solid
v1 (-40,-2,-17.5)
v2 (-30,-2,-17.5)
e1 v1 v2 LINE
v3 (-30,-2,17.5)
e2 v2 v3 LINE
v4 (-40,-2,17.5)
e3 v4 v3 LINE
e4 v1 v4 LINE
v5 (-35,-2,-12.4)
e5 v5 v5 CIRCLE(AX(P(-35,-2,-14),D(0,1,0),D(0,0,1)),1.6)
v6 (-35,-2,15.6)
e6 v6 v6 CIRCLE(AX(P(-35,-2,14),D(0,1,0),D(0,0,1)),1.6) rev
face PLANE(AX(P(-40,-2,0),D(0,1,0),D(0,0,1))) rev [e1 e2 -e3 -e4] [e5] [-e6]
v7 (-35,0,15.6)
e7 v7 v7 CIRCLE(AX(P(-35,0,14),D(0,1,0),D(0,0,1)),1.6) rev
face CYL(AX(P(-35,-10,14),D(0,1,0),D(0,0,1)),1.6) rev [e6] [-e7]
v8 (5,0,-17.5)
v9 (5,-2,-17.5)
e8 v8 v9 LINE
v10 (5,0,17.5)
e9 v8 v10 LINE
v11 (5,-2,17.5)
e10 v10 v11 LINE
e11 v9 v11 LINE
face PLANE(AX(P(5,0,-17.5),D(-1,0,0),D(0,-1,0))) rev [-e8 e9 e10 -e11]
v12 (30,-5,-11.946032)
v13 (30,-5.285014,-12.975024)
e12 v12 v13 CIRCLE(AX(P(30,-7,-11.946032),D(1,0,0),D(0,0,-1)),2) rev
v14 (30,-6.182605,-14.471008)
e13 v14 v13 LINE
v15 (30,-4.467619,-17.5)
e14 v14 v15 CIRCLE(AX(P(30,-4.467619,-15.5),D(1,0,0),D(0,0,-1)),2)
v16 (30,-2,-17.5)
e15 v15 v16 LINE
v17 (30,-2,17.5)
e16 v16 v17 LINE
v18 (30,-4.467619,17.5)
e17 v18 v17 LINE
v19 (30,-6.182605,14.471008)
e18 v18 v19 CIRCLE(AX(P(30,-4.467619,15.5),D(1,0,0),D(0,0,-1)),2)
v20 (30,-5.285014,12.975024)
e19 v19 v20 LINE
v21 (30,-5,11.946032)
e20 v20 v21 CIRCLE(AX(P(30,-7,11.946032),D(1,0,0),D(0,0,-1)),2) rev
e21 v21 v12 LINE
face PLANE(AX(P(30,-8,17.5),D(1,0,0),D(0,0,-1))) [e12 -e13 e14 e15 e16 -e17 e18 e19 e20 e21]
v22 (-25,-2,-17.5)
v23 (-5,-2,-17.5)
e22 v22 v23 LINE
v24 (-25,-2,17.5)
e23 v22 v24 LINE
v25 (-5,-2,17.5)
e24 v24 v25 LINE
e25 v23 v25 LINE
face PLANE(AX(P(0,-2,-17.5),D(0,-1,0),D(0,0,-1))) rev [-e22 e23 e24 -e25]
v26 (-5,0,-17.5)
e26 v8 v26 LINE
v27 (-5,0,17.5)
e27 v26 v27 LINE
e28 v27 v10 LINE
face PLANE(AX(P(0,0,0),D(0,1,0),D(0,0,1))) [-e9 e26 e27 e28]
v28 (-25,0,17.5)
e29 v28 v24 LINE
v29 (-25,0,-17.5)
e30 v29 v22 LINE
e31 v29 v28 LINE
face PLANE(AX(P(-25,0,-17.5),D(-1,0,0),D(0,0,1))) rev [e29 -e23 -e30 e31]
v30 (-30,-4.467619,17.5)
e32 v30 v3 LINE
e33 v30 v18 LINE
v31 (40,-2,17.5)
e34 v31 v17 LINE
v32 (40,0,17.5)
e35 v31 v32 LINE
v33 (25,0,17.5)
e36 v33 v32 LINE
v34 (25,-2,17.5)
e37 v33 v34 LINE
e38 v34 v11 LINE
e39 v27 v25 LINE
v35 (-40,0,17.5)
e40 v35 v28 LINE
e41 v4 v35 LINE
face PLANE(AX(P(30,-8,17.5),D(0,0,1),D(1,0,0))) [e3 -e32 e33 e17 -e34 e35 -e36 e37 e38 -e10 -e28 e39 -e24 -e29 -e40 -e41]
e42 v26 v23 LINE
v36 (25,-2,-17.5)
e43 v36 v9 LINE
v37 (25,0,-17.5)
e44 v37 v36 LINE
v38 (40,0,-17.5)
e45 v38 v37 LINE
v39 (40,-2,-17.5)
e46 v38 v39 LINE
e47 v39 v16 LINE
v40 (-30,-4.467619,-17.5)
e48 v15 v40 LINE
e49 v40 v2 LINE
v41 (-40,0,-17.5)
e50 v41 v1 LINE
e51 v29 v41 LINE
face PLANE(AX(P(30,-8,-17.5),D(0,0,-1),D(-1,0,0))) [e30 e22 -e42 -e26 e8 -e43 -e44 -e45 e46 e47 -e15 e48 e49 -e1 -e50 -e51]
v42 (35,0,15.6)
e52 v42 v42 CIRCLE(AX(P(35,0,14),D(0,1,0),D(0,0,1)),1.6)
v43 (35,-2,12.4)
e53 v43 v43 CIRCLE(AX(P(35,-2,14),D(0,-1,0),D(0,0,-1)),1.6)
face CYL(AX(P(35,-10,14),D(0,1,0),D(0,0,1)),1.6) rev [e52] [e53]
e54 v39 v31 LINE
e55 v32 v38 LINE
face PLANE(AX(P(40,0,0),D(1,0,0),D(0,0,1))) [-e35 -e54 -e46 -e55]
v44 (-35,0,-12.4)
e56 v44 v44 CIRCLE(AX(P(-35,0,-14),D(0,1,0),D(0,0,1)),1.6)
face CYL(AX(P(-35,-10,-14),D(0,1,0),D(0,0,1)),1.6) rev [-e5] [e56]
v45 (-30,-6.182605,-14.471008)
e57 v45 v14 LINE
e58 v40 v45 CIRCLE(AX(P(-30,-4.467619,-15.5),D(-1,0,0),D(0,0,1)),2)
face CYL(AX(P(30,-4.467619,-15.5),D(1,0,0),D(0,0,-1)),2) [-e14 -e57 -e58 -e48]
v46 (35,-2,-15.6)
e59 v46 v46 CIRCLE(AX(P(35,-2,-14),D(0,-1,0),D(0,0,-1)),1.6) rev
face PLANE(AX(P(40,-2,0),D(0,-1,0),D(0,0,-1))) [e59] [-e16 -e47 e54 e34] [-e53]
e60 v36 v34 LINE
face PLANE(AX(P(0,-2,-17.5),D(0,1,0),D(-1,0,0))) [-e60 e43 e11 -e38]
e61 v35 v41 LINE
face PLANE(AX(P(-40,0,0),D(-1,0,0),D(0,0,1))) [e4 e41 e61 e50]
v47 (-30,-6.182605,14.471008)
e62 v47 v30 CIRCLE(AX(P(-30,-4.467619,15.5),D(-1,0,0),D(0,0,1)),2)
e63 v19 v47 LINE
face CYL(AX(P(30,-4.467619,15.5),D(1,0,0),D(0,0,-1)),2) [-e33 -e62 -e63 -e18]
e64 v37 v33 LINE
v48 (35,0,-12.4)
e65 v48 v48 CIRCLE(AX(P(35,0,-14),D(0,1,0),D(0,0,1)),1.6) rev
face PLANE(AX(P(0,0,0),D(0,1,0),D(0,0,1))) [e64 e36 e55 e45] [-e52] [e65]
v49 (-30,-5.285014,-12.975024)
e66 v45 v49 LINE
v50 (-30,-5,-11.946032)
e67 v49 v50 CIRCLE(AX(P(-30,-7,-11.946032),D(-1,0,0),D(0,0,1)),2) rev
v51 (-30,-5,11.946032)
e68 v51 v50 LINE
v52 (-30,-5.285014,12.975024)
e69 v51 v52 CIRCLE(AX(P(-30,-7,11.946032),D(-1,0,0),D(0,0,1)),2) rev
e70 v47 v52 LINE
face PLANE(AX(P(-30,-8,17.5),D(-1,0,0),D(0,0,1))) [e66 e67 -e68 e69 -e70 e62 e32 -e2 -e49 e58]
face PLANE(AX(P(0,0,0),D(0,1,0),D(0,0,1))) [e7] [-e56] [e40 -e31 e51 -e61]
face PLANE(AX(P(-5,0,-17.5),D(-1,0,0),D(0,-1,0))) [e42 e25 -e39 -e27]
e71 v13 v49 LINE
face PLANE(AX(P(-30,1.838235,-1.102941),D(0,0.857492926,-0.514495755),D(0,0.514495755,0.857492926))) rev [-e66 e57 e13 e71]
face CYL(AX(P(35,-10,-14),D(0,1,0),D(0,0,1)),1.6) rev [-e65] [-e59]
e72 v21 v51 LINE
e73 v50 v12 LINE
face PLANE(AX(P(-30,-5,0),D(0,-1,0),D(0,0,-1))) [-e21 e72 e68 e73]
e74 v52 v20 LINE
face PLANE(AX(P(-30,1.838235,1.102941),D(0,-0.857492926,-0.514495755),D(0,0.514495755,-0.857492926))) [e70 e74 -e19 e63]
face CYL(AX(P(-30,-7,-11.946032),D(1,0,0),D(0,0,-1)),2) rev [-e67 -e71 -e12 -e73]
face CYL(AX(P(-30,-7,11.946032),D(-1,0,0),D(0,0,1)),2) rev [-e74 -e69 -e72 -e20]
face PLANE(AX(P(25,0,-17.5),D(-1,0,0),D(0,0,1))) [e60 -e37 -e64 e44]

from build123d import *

# Parameters (mm, degrees)
SKETCH1_W               = 60
SKETCH1_H               = 35
BOSS_EXTRUDE1_DEPTH     = 8
CUT_EXTRUDE1_DEPTH      = 1
CUT_EXTRUDE1_DEPTH_BACK = 61
FILLET1_R               = 2
SKETCH3_W               = 20
SKETCH3_H               = 2
CUT_EXTRUDE2_DEPTH      = 36
SKETCH5_W               = 35
SKETCH5_H               = 2
BOSS_EXTRUDE2_DEPTH     = 10
SKETCH6_R               = 1.6
CUT_EXTRUDE3_DEPTH      = 10


with BuildPart() as part:
    # Sketch1 → Boss-Extrude1 (new body)
    with BuildSketch(Plane(origin=(0, 0, 0), x_dir=(1, 0, 0), z_dir=(0, 1, 0))):
        Rectangle(SKETCH1_W, SKETCH1_H)
    extrude(amount=-BOSS_EXTRUDE1_DEPTH)

    # Sketch2 → Cut-Extrude1 (cut, two sides)
    with BuildSketch(Plane(origin=(30, 0, 0), x_dir=(0, 0, -1), z_dir=(1, 0, 0))) as cut_extrude1_sk:
        Polygon((-12.5, -5), (-17.5, -8), (0, -8), (0, -5), align=None)
        Polygon((0, -5), (0, -8), (17.5, -8), (12.5, -5), align=None)
    extrude(amount=CUT_EXTRUDE1_DEPTH, mode=Mode.SUBTRACT)
    extrude(cut_extrude1_sk.sketch, amount=-CUT_EXTRUDE1_DEPTH_BACK, mode=Mode.SUBTRACT)

    # Fillet1
    fillet1_edges = [part.edges().sort_by_distance(p)[0] for p in [
        (0, -8, -17.5),
        (0, -5, 12.5),
        (0, -5, -12.5),
        (0, -8, 17.5),
    ]]
    fillet(fillet1_edges, radius=FILLET1_R)

    # Sketch3 → Cut-Extrude2 (cut, through all)
    with BuildSketch(Plane.XY.offset(17.5)):
        with Locations((-15, -1)):
            Rectangle(SKETCH3_W, SKETCH3_H)
        with Locations((15, -1)):
            Rectangle(SKETCH3_W, SKETCH3_H)
    extrude(amount=-CUT_EXTRUDE2_DEPTH, mode=Mode.SUBTRACT)

    # Sketch5 → Boss-Extrude2 (add)
    with BuildSketch(Plane.ZY.offset(30)):
        with Locations((0, -1)):
            Rectangle(SKETCH5_W, SKETCH5_H)
    boss_extrude2 = extrude(amount=BOSS_EXTRUDE2_DEPTH)

    # Mirror1: Boss-Extrude2 across plane
    add(boss_extrude2.mirror(Plane(origin=(0, 0, 0), x_dir=(0, 0, 1), z_dir=(1, 0, 0))))

    # Sketch6 → Cut-Extrude3 (cut)
    with BuildSketch(Plane(origin=(0, 0, 0), x_dir=(1, 0, 0), z_dir=(0, 1, 0))):
        with Locations((-35, 14)):
            Circle(SKETCH6_R)
        with Locations((35, 14)):
            Circle(SKETCH6_R)
        with Locations((35, -14)):
            Circle(SKETCH6_R)
        with Locations((-35, -14)):
            Circle(SKETCH6_R)
    extrude(amount=-CUT_EXTRUDE3_DEPTH, mode=Mode.SUBTRACT)


solid = part.part
